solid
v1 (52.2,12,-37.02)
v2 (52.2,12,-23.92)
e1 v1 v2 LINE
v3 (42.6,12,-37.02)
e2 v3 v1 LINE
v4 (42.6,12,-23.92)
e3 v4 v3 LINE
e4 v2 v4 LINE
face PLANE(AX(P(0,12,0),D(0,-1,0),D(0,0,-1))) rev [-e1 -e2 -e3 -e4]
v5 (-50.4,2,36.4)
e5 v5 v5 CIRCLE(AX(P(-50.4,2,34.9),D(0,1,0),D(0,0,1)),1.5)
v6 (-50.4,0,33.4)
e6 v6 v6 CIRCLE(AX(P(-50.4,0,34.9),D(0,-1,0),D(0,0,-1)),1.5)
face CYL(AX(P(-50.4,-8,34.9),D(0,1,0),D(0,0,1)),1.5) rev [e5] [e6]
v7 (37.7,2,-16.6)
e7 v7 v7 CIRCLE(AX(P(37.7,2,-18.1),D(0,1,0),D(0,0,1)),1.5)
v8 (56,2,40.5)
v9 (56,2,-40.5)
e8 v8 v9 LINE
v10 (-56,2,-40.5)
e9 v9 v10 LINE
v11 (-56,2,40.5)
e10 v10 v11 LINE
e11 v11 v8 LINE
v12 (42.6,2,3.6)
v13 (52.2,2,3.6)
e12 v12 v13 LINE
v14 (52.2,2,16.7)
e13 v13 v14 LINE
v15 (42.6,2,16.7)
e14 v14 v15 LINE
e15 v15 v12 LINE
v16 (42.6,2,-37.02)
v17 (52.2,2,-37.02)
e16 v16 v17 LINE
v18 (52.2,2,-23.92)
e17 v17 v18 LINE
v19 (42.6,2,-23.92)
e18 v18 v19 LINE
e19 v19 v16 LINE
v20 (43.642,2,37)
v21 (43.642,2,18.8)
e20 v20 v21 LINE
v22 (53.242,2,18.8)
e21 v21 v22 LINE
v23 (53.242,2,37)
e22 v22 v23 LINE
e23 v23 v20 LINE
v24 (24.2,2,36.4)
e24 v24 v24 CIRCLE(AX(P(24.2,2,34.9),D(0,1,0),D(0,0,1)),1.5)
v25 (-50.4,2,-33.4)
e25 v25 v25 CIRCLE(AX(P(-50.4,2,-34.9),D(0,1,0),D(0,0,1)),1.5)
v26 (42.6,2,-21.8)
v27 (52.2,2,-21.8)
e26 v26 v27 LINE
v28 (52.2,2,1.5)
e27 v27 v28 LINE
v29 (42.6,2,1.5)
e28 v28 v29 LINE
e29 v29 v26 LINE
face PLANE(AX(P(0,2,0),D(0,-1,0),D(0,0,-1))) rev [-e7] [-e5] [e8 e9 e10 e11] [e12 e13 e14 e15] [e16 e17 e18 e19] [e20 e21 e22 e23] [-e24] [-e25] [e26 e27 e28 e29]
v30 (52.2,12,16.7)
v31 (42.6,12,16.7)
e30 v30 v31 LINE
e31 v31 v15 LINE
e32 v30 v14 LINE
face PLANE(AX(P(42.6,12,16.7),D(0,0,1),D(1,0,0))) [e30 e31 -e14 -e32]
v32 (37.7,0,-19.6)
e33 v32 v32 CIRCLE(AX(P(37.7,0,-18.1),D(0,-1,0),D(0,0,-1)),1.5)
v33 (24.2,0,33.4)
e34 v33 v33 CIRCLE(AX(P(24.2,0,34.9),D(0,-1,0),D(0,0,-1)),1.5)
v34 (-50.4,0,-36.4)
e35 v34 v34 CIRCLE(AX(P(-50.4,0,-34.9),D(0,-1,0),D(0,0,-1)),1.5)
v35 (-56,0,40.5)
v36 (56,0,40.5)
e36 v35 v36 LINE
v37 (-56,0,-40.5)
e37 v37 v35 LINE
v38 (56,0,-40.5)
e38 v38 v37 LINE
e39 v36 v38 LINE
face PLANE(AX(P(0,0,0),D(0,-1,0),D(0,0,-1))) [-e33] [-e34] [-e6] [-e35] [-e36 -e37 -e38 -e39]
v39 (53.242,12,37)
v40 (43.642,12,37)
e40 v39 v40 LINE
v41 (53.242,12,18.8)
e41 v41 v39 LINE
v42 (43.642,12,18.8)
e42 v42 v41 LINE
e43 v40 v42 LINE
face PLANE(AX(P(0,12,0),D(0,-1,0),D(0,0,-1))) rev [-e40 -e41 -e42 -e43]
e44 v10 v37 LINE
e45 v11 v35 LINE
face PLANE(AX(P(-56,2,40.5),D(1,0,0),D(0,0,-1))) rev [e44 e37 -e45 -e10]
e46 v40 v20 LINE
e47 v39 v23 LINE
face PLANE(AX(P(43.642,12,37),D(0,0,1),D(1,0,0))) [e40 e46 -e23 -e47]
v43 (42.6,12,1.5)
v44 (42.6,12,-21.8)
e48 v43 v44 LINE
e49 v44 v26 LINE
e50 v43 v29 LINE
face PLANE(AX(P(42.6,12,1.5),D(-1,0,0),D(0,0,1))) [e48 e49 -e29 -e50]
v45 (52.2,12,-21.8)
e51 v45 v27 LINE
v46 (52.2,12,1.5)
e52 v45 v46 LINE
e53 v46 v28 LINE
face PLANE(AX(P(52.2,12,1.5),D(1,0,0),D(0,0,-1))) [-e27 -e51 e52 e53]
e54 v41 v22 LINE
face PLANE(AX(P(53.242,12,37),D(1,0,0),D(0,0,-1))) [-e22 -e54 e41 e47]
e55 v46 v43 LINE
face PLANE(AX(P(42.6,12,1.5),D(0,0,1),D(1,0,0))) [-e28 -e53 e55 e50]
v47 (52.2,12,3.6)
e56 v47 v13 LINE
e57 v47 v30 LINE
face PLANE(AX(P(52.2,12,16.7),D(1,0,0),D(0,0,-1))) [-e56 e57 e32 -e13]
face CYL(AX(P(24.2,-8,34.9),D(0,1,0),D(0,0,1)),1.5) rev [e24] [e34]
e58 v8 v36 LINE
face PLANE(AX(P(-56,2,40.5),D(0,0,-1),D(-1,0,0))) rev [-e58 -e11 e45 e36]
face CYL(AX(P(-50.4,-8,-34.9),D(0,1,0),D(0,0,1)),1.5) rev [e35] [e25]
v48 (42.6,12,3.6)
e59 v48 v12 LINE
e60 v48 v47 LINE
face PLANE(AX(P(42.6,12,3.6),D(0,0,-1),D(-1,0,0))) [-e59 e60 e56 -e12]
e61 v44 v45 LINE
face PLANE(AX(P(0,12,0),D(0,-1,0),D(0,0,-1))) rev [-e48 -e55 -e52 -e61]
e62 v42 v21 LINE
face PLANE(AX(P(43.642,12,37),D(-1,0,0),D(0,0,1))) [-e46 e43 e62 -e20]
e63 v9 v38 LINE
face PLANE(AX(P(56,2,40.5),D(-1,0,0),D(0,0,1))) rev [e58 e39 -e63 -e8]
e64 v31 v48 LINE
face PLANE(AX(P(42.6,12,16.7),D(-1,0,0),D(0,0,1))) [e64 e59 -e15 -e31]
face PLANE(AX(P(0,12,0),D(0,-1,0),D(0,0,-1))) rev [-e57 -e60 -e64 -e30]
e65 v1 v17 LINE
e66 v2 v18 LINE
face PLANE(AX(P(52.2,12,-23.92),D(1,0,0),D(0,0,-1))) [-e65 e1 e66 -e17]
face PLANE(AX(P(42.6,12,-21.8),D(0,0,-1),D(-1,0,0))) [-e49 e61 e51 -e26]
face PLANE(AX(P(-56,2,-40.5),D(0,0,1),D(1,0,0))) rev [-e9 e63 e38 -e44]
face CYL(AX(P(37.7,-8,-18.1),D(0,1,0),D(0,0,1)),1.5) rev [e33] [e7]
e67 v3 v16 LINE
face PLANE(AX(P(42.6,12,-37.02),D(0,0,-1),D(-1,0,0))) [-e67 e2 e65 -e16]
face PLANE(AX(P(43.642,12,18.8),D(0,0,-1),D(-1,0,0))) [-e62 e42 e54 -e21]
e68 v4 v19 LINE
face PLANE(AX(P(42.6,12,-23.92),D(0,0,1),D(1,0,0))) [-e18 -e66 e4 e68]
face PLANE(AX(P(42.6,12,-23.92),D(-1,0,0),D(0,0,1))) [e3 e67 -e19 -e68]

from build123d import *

# Parameters (mm, degrees)
ESQUISSE1_W             = 112
ESQUISSE1_H             = 81
BOSS_EXTRU_1_DEPTH      = 2
ESQUISSE2_R             = 1.5
ENL_V_MAT_EXTRU_1_DEPTH = 10
ESQUISSE3_W             = 9.6
ESQUISSE3_H             = 13.1
ESQUISSE3_H_2           = 23.3
ESQUISSE3_H_3           = 18.2
BOSS_EXTRU_2_DEPTH      = 10


with BuildPart() as part:
    # Esquisse1 → Boss.-Extru.1 (new body)
    with BuildSketch(Plane(origin=(0, 0, 0), x_dir=(1, 0, 0), z_dir=(0, 1, 0))):
        Rectangle(ESQUISSE1_W, ESQUISSE1_H)
    extrude(amount=BOSS_EXTRU_1_DEPTH)

    # Esquisse2 → Enlèv. mat.-Extru.1 (cut)
    with BuildSketch(Plane(origin=(0, 2, 0), x_dir=(1, 0, 0), z_dir=(0, 1, 0))):
        with Locations((-50.4, 34.9)):
            Circle(ESQUISSE2_R)
        with Locations((-50.4, -34.9)):
            Circle(ESQUISSE2_R)
        with Locations((24.2, -34.9)):
            Circle(ESQUISSE2_R)
        with Locations((37.7, 18.1)):
            Circle(ESQUISSE2_R)
    extrude(amount=-ENL_V_MAT_EXTRU_1_DEPTH, mode=Mode.SUBTRACT)

    # Esquisse3 → Boss.-Extru.2 (add)
    with BuildSketch(Plane(origin=(0, 2, -2), x_dir=(1, 0, 0), z_dir=(0, -1, 0))):
        with Locations((47.4, 12.15)):
            Rectangle(ESQUISSE3_W, ESQUISSE3_H)
        with Locations((47.4, -8.15)):
            Rectangle(ESQUISSE3_W, ESQUISSE3_H_2)
        with Locations((47.4, -28.47)):
            Rectangle(ESQUISSE3_W, ESQUISSE3_H)
        with Locations((48.442, 29.9)):
            Rectangle(ESQUISSE3_W, ESQUISSE3_H_3)
    extrude(amount=-BOSS_EXTRU_2_DEPTH)


solid = part.part
